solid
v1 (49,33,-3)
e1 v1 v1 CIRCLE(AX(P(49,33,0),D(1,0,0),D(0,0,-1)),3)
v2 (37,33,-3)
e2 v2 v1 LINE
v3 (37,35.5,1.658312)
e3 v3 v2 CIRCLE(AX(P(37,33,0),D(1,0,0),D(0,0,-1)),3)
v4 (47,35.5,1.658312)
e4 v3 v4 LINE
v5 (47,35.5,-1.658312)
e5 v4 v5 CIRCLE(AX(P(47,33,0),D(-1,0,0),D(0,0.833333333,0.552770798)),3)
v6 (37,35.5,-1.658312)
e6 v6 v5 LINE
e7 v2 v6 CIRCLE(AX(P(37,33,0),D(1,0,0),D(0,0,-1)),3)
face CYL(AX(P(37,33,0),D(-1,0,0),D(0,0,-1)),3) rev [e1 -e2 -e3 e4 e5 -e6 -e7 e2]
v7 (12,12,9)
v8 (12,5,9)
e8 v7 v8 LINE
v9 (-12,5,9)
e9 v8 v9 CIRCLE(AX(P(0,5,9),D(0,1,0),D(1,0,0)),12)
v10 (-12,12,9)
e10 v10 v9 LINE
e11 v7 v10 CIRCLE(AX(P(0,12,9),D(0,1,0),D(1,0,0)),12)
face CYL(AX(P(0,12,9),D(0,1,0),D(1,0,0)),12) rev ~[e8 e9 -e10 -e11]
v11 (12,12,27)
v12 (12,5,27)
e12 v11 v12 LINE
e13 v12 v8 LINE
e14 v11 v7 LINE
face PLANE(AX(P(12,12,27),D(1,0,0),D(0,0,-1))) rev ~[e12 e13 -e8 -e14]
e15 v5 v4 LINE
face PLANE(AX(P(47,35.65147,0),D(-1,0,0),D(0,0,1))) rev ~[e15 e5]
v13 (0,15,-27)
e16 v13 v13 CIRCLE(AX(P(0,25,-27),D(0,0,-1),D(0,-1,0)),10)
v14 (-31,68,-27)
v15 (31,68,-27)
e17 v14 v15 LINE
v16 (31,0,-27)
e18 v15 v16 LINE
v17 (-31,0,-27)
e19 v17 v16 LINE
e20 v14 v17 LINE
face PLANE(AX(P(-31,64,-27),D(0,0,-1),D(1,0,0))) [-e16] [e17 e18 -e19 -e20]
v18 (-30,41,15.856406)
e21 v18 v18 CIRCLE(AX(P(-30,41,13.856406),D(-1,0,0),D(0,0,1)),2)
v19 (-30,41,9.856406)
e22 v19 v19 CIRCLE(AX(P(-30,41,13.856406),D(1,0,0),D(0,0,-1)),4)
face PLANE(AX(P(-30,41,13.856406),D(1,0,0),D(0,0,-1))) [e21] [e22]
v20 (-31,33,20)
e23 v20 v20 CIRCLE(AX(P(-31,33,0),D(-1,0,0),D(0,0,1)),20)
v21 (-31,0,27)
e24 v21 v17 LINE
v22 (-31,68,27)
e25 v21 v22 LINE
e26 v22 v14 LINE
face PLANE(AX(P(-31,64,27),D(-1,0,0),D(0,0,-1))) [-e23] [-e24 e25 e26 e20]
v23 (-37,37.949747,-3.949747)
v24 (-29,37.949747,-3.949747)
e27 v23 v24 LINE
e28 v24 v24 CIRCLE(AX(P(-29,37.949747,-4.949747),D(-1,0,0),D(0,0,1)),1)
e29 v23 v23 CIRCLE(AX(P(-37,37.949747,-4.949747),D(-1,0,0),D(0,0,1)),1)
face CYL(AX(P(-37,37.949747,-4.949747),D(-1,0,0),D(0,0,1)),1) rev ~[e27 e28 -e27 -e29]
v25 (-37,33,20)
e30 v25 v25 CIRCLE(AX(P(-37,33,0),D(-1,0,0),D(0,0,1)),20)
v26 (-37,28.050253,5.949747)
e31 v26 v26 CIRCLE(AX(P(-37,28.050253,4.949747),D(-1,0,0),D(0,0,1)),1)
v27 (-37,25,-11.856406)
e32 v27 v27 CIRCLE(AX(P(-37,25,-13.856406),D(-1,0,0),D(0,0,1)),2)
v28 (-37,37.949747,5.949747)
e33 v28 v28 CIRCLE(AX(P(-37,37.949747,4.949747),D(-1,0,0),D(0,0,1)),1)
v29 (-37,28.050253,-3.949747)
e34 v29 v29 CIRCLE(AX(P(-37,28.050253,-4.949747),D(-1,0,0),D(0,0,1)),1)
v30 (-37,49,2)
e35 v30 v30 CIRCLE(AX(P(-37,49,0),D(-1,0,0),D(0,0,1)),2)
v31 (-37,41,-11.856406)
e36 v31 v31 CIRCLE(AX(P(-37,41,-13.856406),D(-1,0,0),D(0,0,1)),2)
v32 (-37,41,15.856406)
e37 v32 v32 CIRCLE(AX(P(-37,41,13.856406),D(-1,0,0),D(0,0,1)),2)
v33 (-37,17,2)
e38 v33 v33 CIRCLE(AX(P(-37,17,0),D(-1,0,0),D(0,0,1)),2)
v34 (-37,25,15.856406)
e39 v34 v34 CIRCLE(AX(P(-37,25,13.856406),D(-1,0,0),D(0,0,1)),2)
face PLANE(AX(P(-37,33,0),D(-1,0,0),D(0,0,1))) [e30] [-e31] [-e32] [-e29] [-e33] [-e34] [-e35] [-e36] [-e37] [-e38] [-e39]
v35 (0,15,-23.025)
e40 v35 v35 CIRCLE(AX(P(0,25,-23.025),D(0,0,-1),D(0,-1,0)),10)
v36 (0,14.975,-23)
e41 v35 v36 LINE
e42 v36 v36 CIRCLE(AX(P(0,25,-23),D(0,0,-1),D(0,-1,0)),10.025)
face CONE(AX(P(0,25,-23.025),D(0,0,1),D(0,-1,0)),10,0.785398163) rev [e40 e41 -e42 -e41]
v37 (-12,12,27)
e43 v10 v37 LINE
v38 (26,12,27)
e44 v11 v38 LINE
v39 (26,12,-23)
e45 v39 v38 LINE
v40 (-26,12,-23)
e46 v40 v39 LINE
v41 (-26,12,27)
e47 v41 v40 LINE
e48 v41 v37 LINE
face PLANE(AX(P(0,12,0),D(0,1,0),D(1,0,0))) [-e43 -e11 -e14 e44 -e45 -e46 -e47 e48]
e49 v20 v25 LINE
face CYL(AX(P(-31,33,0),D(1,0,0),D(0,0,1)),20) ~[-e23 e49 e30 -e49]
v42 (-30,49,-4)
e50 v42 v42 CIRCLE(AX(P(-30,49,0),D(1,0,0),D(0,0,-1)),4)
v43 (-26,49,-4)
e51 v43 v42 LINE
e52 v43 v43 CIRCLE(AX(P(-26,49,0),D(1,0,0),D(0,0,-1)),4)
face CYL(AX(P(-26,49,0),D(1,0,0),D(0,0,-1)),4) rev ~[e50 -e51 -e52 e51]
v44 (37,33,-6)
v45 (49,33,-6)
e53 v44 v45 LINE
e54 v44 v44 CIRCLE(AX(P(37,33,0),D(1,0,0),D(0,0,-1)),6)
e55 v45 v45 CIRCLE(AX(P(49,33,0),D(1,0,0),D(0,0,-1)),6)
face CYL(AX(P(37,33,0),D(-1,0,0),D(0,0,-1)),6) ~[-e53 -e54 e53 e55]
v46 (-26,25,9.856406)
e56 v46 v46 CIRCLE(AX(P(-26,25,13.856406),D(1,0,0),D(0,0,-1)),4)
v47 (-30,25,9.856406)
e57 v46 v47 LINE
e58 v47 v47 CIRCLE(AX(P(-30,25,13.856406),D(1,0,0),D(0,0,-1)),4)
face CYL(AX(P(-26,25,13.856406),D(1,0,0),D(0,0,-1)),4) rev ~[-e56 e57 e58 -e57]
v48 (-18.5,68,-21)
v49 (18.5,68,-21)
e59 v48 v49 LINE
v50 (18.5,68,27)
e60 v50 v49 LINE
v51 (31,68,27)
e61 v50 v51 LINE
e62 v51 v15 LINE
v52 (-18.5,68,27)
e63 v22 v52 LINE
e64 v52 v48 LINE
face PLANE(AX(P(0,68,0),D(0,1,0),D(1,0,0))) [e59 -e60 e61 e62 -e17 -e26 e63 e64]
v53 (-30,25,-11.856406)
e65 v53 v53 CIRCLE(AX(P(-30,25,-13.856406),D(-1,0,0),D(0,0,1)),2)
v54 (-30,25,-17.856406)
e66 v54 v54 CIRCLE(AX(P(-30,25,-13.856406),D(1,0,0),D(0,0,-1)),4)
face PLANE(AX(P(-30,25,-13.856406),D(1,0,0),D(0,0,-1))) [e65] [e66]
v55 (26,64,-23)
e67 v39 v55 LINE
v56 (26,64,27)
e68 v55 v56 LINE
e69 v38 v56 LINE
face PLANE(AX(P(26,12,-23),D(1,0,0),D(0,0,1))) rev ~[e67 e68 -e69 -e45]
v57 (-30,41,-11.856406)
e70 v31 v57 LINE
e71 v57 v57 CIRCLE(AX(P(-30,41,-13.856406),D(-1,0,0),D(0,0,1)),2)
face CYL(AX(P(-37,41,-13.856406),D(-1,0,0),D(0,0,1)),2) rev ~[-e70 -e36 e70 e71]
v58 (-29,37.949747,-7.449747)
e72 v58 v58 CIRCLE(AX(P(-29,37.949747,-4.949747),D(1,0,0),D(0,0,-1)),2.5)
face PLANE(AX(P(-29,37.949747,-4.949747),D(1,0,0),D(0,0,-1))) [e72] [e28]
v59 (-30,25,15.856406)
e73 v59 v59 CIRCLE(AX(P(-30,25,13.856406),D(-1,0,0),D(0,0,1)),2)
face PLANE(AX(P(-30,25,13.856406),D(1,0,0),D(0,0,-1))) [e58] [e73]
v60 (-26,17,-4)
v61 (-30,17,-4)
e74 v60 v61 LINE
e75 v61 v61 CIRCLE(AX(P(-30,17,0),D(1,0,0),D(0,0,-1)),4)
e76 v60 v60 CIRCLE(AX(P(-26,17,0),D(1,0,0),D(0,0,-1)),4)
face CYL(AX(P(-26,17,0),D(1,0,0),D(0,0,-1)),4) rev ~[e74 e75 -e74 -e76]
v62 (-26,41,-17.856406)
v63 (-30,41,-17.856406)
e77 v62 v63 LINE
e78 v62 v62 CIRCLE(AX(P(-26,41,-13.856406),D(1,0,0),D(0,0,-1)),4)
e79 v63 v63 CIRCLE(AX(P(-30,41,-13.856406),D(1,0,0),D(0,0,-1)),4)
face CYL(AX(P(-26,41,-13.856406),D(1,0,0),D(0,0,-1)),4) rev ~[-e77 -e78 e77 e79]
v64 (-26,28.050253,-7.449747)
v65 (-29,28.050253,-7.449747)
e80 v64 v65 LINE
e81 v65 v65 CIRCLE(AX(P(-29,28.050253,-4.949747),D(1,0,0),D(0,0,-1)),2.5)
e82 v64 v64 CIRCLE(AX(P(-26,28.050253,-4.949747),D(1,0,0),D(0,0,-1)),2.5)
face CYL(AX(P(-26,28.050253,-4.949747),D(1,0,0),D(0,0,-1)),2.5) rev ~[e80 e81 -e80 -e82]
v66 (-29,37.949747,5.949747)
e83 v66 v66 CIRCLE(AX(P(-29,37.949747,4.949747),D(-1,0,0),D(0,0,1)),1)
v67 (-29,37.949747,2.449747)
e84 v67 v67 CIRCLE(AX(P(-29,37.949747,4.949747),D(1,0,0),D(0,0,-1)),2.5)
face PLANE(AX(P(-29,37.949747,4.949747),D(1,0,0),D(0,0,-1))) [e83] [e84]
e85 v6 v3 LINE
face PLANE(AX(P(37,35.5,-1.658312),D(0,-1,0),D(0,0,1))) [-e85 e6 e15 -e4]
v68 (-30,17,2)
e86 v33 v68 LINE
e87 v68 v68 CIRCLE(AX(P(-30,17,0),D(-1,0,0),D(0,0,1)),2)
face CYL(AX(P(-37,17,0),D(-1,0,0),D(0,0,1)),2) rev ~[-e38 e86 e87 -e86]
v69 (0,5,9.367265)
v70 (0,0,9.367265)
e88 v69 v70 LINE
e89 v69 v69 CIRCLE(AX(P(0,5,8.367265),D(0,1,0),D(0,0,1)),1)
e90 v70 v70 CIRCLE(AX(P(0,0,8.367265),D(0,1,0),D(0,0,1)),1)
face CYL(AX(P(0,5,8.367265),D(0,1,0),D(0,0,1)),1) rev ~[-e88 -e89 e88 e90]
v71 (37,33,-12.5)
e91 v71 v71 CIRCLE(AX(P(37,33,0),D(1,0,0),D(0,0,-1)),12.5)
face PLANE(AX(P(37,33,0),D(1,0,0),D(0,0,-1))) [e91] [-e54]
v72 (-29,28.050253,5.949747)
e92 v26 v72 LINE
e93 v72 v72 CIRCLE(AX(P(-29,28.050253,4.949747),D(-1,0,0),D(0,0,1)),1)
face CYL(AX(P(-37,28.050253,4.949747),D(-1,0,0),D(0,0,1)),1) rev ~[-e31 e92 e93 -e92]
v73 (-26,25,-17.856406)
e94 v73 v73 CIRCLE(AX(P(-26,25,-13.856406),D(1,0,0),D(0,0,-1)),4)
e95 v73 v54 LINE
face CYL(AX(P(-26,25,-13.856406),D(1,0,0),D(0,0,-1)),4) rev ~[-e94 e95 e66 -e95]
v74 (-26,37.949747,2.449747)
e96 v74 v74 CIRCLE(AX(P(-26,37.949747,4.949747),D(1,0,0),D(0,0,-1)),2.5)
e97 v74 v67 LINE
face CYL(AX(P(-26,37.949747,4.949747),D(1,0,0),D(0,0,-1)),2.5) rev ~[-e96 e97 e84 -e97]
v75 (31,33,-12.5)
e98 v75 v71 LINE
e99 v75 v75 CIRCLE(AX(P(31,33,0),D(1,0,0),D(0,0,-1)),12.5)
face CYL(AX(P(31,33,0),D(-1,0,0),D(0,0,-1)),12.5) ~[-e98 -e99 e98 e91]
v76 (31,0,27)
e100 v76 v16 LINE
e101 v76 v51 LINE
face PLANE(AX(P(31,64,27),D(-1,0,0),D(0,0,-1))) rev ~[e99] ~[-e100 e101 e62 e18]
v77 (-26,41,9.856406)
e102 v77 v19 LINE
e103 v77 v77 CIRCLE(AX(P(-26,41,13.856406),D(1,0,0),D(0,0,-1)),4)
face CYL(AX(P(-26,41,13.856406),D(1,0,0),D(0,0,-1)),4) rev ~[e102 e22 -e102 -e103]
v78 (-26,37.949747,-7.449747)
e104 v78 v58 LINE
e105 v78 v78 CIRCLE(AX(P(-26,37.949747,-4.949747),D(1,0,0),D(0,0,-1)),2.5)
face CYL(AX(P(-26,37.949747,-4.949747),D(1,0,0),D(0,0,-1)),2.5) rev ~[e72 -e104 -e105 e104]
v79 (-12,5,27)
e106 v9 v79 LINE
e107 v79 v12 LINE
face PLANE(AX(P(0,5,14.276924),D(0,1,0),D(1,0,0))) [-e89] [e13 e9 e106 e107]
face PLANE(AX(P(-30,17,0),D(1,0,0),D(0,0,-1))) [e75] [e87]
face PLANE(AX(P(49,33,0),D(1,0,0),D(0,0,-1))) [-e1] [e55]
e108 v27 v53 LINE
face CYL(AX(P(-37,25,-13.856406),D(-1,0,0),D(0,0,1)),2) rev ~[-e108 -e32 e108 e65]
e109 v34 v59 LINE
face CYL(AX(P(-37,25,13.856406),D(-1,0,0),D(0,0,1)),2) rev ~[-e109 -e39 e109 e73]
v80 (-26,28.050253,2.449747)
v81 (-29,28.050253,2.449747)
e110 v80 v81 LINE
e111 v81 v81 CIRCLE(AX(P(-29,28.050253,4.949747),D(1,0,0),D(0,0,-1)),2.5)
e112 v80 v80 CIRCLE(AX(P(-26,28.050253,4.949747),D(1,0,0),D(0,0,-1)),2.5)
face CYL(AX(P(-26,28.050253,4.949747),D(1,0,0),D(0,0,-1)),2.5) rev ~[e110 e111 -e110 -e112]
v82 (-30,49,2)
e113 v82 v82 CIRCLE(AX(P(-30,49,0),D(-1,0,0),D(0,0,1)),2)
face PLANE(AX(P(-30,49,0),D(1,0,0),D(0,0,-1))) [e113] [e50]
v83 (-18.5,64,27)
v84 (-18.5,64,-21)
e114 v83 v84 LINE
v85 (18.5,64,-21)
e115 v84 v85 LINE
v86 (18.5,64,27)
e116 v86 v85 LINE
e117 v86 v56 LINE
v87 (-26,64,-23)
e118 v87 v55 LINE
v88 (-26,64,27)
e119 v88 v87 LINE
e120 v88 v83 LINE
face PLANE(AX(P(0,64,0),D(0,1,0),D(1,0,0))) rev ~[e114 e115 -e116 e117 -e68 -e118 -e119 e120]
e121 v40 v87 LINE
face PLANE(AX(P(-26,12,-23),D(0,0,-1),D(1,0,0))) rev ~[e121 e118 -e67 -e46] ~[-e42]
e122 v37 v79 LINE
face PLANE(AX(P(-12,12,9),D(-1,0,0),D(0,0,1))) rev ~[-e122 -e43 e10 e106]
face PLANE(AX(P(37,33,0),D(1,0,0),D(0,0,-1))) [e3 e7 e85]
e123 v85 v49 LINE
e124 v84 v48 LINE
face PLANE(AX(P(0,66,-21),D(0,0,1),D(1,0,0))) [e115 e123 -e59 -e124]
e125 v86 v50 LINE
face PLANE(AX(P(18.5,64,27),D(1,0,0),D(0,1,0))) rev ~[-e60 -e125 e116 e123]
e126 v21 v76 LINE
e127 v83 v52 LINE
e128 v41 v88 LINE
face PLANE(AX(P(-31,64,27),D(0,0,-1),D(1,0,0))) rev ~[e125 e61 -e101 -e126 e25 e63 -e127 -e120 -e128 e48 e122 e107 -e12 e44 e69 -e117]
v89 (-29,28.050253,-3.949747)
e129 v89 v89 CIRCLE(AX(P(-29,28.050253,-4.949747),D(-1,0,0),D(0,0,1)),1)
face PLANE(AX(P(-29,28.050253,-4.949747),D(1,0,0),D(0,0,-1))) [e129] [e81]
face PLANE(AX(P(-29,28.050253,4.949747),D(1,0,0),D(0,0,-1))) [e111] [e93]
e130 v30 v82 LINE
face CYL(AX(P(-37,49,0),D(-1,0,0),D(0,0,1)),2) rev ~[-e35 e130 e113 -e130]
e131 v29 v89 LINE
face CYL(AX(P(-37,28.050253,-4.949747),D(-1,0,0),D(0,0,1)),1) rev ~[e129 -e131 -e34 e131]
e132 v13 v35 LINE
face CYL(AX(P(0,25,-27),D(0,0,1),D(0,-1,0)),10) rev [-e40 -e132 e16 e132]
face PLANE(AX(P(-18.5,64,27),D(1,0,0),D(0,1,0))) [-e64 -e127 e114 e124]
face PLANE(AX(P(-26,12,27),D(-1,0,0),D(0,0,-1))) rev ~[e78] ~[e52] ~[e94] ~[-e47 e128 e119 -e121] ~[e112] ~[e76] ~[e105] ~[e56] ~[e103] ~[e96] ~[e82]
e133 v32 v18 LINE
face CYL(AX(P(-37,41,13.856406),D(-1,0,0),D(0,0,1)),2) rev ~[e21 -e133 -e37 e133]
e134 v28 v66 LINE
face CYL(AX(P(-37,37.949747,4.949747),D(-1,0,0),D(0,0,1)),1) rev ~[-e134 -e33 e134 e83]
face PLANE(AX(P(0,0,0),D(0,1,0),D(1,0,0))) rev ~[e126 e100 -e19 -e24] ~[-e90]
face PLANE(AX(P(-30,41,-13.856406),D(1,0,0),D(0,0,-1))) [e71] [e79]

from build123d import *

# Parameters (mm, degrees)
SKETCH1_W           = 62
SKETCH1_H           = 54
BOSS_EXTRUDE1_DEPTH = 12
BOSS_EXTRUDE2_DEPTH = 52
SKETCH3_W           = 62
SKETCH3_H           = 54
BOSS_EXTRUDE3_DEPTH = 4
CUT_EXTRUDE1_DEPTH  = 7
SKETCH6_R           = 20
BOSS_EXTRUDE4_DEPTH = 6
SKETCH16_R          = 2
CUT_EXTRUDE3_DEPTH  = 11
SKETCH26_W          = 37
SKETCH26_H          = 4
CUT_EXTRUDE10_DEPTH = 48
SKETCH29_R          = 1
CUT_EXTRUDE12_DEPTH = 48
SKETCH31_R          = 12.5
BOSS_EXTRUDE7_DEPTH = 6
SKETCH33_R          = 6
SKETCH33_R_2        = 3
BOSS_EXTRUDE8_DEPTH = 12
SKETCH34_R          = 1
CUT_EXTRUDE13_DEPTH = 11
SKETCH35_R          = 2.5
CUT_EXTRUDE15_DEPTH = 3
SKETCH37_R          = 4
CUT_EXTRUDE16_DEPTH = 4
BOSS_EXTRUDE9_DEPTH = 10


with BuildPart() as part:
    # Sketch1 → Boss-Extrude1 (new body)
    with BuildSketch(Plane(origin=(0, 0, 0), x_dir=(1, 0, 0), z_dir=(0, 1, 0))):
        Rectangle(SKETCH1_W, SKETCH1_H)
    extrude(amount=BOSS_EXTRUDE1_DEPTH)

    # Sketch2 → Boss-Extrude2 (add)
    with BuildSketch(Plane(origin=(0, 12, 0), x_dir=(1, 0, 0), z_dir=(0, 1, 0))):
        Polygon((-31, -27), (-26, -27), (-26, 23), (26, 23), (26, -27), (31, -27), (31, 22.851296476), (31, 27), (-31, 27), (-31, 22.851296476), align=None)
    extrude(amount=BOSS_EXTRUDE2_DEPTH)

    # Sketch3 → Boss-Extrude3 (add)
    with BuildSketch(Plane(origin=(0, 64, 0), x_dir=(1, 0, 0), z_dir=(0, 1, 0))):
        Rectangle(SKETCH3_W, SKETCH3_H)
    extrude(amount=BOSS_EXTRUDE3_DEPTH)

    # Sketch9 → Ø20.0mm Dowel Hole1 (revolve, cut)
    with BuildSketch(Plane(origin=(0, 25, -23), x_dir=(0, -1, 0), z_dir=(1, 0, 0))):
        Polygon((0, 0), (0, 4), (10, 4), (10, 0.025), (10.025, 0), align=None)
    revolve(axis=Axis((0, 25, -16.65), (0, 0, -1)), mode=Mode.SUBTRACT)

    # Sketch14 → Cut-Extrude1 (cut)
    with BuildSketch(Plane(origin=(0, 12, 0), x_dir=(1, 0, 0), z_dir=(0, 1, 0))):
        with BuildLine():
            Line((-12, -9), (-12, -27))
            Line((-12, -27), (12, -27))
            Line((12, -27), (12, -9))
            ThreePointArc((12, -9), (0, 3), (-12, -9))
        make_face()
    extrude(amount=-CUT_EXTRUDE1_DEPTH, mode=Mode.SUBTRACT)

    # Sketch6 → Boss-Extrude4 (add)
    with BuildSketch(Plane.ZY.offset(31)):
        with Locations((0, 33)):
            Circle(SKETCH6_R)
    extrude(amount=BOSS_EXTRUDE4_DEPTH)

    # Sketch16 → Cut-Extrude3 (cut)
    with BuildSketch(Plane.ZY.offset(37)):
        with Locations((0, 49)):
            Circle(SKETCH16_R)
        with Locations((13.856406461, 41)):
            Circle(SKETCH16_R)
        with Locations((13.856406461, 25)):
            Circle(SKETCH16_R)
        with Locations((0, 17)):
            Circle(SKETCH16_R)
        with Locations((-13.856406461, 25)):
            Circle(SKETCH16_R)
        with Locations((-13.856406461, 41)):
            Circle(SKETCH16_R)
    extrude(amount=-CUT_EXTRUDE3_DEPTH, mode=Mode.SUBTRACT)

    # Sketch26 → Cut-Extrude10 (cut)
    with BuildSketch(Plane.XY.offset(27)):
        with Locations((0, 66)):
            Rectangle(SKETCH26_W, SKETCH26_H)
    extrude(amount=-CUT_EXTRUDE10_DEPTH, mode=Mode.SUBTRACT)

    # Sketch29 → Cut-Extrude12 (cut)
    with BuildSketch(Plane(origin=(0, 5, 0), x_dir=(1, 0, 0), z_dir=(0, 1, 0))):
        with Locations(Location((0, -8.367265469, 0), (0, 0, 270))):
            Circle(SKETCH29_R)
    extrude(amount=-CUT_EXTRUDE12_DEPTH, mode=Mode.SUBTRACT)

    # Sketch31 → Boss-Extrude7 (add)
    with BuildSketch(Plane(origin=(31, 0, 0), x_dir=(0, 0, -1), z_dir=(1, 0, 0))):
        with Locations((0, 33)):
            Circle(SKETCH31_R)
    extrude(amount=BOSS_EXTRUDE7_DEPTH)

    # Sketch33 → Boss-Extrude8 (add)
    with BuildSketch(Plane(origin=(37, 0, 0), x_dir=(0, 0, -1), z_dir=(1, 0, 0))):
        with Locations((0, 33)):
            Circle(SKETCH33_R)
        with Locations((0, 33)):
            Circle(SKETCH33_R_2, mode=Mode.SUBTRACT)
    extrude(amount=BOSS_EXTRUDE8_DEPTH)

    # Sketch34 → Cut-Extrude13 (cut)
    with BuildSketch(Plane.ZY.offset(37)):
        with Locations((-4.949747468, 37.949747468)):
            Circle(SKETCH34_R)
        with Locations((4.949747468, 37.949747468)):
            Circle(SKETCH34_R)
        with Locations((4.949747468, 28.050252532)):
            Circle(SKETCH34_R)
        with Locations((-4.949747468, 28.050252532)):
            Circle(SKETCH34_R)
    extrude(amount=-CUT_EXTRUDE13_DEPTH, mode=Mode.SUBTRACT)

    # Sketch35 → Cut-Extrude15 (cut)
    with BuildSketch(Plane(origin=(-26, 0, 0), x_dir=(0, 0, -1), z_dir=(1, 0, 0))):
        with Locations((-4.949747468, 37.949747468)):
            Circle(SKETCH35_R)
        with Locations((4.949747468, 37.949747468)):
            Circle(SKETCH35_R)
        with Locations((4.949747468, 28.050252532)):
            Circle(SKETCH35_R)
        with Locations((-4.949747468, 28.050252532)):
            Circle(SKETCH35_R)
    extrude(amount=-CUT_EXTRUDE15_DEPTH, mode=Mode.SUBTRACT)

    # Sketch37 → Cut-Extrude16 (cut)
    with BuildSketch(Plane(origin=(-26, 0, 0), x_dir=(0, 0, -1), z_dir=(1, 0, 0))):
        with Locations((0, 49)):
            Circle(SKETCH37_R)
        with Locations((13.856406461, 41)):
            Circle(SKETCH37_R)
        with Locations((13.856406461, 25)):
            Circle(SKETCH37_R)
        with Locations((0, 17)):
            Circle(SKETCH37_R)
        with Locations((-13.856406461, 25)):
            Circle(SKETCH37_R)
        with Locations((-13.856406461, 41)):
            Circle(SKETCH37_R)
    extrude(amount=-CUT_EXTRUDE16_DEPTH, mode=Mode.SUBTRACT)

    # Sketch38 → Boss-Extrude9 (add)
    with BuildSketch(Plane(origin=(37, 0, 0), x_dir=(0, 0, -1), z_dir=(1, 0, 0))):
        with BuildLine():
            Line((1.658312395, 35.5), (-1.658312395, 35.5))
            ThreePointArc((-1.658312395, 35.5), (0, 36), (1.658312395, 35.5))
        make_face()
    extrude(amount=BOSS_EXTRUDE9_DEPTH)


solid = part.part
